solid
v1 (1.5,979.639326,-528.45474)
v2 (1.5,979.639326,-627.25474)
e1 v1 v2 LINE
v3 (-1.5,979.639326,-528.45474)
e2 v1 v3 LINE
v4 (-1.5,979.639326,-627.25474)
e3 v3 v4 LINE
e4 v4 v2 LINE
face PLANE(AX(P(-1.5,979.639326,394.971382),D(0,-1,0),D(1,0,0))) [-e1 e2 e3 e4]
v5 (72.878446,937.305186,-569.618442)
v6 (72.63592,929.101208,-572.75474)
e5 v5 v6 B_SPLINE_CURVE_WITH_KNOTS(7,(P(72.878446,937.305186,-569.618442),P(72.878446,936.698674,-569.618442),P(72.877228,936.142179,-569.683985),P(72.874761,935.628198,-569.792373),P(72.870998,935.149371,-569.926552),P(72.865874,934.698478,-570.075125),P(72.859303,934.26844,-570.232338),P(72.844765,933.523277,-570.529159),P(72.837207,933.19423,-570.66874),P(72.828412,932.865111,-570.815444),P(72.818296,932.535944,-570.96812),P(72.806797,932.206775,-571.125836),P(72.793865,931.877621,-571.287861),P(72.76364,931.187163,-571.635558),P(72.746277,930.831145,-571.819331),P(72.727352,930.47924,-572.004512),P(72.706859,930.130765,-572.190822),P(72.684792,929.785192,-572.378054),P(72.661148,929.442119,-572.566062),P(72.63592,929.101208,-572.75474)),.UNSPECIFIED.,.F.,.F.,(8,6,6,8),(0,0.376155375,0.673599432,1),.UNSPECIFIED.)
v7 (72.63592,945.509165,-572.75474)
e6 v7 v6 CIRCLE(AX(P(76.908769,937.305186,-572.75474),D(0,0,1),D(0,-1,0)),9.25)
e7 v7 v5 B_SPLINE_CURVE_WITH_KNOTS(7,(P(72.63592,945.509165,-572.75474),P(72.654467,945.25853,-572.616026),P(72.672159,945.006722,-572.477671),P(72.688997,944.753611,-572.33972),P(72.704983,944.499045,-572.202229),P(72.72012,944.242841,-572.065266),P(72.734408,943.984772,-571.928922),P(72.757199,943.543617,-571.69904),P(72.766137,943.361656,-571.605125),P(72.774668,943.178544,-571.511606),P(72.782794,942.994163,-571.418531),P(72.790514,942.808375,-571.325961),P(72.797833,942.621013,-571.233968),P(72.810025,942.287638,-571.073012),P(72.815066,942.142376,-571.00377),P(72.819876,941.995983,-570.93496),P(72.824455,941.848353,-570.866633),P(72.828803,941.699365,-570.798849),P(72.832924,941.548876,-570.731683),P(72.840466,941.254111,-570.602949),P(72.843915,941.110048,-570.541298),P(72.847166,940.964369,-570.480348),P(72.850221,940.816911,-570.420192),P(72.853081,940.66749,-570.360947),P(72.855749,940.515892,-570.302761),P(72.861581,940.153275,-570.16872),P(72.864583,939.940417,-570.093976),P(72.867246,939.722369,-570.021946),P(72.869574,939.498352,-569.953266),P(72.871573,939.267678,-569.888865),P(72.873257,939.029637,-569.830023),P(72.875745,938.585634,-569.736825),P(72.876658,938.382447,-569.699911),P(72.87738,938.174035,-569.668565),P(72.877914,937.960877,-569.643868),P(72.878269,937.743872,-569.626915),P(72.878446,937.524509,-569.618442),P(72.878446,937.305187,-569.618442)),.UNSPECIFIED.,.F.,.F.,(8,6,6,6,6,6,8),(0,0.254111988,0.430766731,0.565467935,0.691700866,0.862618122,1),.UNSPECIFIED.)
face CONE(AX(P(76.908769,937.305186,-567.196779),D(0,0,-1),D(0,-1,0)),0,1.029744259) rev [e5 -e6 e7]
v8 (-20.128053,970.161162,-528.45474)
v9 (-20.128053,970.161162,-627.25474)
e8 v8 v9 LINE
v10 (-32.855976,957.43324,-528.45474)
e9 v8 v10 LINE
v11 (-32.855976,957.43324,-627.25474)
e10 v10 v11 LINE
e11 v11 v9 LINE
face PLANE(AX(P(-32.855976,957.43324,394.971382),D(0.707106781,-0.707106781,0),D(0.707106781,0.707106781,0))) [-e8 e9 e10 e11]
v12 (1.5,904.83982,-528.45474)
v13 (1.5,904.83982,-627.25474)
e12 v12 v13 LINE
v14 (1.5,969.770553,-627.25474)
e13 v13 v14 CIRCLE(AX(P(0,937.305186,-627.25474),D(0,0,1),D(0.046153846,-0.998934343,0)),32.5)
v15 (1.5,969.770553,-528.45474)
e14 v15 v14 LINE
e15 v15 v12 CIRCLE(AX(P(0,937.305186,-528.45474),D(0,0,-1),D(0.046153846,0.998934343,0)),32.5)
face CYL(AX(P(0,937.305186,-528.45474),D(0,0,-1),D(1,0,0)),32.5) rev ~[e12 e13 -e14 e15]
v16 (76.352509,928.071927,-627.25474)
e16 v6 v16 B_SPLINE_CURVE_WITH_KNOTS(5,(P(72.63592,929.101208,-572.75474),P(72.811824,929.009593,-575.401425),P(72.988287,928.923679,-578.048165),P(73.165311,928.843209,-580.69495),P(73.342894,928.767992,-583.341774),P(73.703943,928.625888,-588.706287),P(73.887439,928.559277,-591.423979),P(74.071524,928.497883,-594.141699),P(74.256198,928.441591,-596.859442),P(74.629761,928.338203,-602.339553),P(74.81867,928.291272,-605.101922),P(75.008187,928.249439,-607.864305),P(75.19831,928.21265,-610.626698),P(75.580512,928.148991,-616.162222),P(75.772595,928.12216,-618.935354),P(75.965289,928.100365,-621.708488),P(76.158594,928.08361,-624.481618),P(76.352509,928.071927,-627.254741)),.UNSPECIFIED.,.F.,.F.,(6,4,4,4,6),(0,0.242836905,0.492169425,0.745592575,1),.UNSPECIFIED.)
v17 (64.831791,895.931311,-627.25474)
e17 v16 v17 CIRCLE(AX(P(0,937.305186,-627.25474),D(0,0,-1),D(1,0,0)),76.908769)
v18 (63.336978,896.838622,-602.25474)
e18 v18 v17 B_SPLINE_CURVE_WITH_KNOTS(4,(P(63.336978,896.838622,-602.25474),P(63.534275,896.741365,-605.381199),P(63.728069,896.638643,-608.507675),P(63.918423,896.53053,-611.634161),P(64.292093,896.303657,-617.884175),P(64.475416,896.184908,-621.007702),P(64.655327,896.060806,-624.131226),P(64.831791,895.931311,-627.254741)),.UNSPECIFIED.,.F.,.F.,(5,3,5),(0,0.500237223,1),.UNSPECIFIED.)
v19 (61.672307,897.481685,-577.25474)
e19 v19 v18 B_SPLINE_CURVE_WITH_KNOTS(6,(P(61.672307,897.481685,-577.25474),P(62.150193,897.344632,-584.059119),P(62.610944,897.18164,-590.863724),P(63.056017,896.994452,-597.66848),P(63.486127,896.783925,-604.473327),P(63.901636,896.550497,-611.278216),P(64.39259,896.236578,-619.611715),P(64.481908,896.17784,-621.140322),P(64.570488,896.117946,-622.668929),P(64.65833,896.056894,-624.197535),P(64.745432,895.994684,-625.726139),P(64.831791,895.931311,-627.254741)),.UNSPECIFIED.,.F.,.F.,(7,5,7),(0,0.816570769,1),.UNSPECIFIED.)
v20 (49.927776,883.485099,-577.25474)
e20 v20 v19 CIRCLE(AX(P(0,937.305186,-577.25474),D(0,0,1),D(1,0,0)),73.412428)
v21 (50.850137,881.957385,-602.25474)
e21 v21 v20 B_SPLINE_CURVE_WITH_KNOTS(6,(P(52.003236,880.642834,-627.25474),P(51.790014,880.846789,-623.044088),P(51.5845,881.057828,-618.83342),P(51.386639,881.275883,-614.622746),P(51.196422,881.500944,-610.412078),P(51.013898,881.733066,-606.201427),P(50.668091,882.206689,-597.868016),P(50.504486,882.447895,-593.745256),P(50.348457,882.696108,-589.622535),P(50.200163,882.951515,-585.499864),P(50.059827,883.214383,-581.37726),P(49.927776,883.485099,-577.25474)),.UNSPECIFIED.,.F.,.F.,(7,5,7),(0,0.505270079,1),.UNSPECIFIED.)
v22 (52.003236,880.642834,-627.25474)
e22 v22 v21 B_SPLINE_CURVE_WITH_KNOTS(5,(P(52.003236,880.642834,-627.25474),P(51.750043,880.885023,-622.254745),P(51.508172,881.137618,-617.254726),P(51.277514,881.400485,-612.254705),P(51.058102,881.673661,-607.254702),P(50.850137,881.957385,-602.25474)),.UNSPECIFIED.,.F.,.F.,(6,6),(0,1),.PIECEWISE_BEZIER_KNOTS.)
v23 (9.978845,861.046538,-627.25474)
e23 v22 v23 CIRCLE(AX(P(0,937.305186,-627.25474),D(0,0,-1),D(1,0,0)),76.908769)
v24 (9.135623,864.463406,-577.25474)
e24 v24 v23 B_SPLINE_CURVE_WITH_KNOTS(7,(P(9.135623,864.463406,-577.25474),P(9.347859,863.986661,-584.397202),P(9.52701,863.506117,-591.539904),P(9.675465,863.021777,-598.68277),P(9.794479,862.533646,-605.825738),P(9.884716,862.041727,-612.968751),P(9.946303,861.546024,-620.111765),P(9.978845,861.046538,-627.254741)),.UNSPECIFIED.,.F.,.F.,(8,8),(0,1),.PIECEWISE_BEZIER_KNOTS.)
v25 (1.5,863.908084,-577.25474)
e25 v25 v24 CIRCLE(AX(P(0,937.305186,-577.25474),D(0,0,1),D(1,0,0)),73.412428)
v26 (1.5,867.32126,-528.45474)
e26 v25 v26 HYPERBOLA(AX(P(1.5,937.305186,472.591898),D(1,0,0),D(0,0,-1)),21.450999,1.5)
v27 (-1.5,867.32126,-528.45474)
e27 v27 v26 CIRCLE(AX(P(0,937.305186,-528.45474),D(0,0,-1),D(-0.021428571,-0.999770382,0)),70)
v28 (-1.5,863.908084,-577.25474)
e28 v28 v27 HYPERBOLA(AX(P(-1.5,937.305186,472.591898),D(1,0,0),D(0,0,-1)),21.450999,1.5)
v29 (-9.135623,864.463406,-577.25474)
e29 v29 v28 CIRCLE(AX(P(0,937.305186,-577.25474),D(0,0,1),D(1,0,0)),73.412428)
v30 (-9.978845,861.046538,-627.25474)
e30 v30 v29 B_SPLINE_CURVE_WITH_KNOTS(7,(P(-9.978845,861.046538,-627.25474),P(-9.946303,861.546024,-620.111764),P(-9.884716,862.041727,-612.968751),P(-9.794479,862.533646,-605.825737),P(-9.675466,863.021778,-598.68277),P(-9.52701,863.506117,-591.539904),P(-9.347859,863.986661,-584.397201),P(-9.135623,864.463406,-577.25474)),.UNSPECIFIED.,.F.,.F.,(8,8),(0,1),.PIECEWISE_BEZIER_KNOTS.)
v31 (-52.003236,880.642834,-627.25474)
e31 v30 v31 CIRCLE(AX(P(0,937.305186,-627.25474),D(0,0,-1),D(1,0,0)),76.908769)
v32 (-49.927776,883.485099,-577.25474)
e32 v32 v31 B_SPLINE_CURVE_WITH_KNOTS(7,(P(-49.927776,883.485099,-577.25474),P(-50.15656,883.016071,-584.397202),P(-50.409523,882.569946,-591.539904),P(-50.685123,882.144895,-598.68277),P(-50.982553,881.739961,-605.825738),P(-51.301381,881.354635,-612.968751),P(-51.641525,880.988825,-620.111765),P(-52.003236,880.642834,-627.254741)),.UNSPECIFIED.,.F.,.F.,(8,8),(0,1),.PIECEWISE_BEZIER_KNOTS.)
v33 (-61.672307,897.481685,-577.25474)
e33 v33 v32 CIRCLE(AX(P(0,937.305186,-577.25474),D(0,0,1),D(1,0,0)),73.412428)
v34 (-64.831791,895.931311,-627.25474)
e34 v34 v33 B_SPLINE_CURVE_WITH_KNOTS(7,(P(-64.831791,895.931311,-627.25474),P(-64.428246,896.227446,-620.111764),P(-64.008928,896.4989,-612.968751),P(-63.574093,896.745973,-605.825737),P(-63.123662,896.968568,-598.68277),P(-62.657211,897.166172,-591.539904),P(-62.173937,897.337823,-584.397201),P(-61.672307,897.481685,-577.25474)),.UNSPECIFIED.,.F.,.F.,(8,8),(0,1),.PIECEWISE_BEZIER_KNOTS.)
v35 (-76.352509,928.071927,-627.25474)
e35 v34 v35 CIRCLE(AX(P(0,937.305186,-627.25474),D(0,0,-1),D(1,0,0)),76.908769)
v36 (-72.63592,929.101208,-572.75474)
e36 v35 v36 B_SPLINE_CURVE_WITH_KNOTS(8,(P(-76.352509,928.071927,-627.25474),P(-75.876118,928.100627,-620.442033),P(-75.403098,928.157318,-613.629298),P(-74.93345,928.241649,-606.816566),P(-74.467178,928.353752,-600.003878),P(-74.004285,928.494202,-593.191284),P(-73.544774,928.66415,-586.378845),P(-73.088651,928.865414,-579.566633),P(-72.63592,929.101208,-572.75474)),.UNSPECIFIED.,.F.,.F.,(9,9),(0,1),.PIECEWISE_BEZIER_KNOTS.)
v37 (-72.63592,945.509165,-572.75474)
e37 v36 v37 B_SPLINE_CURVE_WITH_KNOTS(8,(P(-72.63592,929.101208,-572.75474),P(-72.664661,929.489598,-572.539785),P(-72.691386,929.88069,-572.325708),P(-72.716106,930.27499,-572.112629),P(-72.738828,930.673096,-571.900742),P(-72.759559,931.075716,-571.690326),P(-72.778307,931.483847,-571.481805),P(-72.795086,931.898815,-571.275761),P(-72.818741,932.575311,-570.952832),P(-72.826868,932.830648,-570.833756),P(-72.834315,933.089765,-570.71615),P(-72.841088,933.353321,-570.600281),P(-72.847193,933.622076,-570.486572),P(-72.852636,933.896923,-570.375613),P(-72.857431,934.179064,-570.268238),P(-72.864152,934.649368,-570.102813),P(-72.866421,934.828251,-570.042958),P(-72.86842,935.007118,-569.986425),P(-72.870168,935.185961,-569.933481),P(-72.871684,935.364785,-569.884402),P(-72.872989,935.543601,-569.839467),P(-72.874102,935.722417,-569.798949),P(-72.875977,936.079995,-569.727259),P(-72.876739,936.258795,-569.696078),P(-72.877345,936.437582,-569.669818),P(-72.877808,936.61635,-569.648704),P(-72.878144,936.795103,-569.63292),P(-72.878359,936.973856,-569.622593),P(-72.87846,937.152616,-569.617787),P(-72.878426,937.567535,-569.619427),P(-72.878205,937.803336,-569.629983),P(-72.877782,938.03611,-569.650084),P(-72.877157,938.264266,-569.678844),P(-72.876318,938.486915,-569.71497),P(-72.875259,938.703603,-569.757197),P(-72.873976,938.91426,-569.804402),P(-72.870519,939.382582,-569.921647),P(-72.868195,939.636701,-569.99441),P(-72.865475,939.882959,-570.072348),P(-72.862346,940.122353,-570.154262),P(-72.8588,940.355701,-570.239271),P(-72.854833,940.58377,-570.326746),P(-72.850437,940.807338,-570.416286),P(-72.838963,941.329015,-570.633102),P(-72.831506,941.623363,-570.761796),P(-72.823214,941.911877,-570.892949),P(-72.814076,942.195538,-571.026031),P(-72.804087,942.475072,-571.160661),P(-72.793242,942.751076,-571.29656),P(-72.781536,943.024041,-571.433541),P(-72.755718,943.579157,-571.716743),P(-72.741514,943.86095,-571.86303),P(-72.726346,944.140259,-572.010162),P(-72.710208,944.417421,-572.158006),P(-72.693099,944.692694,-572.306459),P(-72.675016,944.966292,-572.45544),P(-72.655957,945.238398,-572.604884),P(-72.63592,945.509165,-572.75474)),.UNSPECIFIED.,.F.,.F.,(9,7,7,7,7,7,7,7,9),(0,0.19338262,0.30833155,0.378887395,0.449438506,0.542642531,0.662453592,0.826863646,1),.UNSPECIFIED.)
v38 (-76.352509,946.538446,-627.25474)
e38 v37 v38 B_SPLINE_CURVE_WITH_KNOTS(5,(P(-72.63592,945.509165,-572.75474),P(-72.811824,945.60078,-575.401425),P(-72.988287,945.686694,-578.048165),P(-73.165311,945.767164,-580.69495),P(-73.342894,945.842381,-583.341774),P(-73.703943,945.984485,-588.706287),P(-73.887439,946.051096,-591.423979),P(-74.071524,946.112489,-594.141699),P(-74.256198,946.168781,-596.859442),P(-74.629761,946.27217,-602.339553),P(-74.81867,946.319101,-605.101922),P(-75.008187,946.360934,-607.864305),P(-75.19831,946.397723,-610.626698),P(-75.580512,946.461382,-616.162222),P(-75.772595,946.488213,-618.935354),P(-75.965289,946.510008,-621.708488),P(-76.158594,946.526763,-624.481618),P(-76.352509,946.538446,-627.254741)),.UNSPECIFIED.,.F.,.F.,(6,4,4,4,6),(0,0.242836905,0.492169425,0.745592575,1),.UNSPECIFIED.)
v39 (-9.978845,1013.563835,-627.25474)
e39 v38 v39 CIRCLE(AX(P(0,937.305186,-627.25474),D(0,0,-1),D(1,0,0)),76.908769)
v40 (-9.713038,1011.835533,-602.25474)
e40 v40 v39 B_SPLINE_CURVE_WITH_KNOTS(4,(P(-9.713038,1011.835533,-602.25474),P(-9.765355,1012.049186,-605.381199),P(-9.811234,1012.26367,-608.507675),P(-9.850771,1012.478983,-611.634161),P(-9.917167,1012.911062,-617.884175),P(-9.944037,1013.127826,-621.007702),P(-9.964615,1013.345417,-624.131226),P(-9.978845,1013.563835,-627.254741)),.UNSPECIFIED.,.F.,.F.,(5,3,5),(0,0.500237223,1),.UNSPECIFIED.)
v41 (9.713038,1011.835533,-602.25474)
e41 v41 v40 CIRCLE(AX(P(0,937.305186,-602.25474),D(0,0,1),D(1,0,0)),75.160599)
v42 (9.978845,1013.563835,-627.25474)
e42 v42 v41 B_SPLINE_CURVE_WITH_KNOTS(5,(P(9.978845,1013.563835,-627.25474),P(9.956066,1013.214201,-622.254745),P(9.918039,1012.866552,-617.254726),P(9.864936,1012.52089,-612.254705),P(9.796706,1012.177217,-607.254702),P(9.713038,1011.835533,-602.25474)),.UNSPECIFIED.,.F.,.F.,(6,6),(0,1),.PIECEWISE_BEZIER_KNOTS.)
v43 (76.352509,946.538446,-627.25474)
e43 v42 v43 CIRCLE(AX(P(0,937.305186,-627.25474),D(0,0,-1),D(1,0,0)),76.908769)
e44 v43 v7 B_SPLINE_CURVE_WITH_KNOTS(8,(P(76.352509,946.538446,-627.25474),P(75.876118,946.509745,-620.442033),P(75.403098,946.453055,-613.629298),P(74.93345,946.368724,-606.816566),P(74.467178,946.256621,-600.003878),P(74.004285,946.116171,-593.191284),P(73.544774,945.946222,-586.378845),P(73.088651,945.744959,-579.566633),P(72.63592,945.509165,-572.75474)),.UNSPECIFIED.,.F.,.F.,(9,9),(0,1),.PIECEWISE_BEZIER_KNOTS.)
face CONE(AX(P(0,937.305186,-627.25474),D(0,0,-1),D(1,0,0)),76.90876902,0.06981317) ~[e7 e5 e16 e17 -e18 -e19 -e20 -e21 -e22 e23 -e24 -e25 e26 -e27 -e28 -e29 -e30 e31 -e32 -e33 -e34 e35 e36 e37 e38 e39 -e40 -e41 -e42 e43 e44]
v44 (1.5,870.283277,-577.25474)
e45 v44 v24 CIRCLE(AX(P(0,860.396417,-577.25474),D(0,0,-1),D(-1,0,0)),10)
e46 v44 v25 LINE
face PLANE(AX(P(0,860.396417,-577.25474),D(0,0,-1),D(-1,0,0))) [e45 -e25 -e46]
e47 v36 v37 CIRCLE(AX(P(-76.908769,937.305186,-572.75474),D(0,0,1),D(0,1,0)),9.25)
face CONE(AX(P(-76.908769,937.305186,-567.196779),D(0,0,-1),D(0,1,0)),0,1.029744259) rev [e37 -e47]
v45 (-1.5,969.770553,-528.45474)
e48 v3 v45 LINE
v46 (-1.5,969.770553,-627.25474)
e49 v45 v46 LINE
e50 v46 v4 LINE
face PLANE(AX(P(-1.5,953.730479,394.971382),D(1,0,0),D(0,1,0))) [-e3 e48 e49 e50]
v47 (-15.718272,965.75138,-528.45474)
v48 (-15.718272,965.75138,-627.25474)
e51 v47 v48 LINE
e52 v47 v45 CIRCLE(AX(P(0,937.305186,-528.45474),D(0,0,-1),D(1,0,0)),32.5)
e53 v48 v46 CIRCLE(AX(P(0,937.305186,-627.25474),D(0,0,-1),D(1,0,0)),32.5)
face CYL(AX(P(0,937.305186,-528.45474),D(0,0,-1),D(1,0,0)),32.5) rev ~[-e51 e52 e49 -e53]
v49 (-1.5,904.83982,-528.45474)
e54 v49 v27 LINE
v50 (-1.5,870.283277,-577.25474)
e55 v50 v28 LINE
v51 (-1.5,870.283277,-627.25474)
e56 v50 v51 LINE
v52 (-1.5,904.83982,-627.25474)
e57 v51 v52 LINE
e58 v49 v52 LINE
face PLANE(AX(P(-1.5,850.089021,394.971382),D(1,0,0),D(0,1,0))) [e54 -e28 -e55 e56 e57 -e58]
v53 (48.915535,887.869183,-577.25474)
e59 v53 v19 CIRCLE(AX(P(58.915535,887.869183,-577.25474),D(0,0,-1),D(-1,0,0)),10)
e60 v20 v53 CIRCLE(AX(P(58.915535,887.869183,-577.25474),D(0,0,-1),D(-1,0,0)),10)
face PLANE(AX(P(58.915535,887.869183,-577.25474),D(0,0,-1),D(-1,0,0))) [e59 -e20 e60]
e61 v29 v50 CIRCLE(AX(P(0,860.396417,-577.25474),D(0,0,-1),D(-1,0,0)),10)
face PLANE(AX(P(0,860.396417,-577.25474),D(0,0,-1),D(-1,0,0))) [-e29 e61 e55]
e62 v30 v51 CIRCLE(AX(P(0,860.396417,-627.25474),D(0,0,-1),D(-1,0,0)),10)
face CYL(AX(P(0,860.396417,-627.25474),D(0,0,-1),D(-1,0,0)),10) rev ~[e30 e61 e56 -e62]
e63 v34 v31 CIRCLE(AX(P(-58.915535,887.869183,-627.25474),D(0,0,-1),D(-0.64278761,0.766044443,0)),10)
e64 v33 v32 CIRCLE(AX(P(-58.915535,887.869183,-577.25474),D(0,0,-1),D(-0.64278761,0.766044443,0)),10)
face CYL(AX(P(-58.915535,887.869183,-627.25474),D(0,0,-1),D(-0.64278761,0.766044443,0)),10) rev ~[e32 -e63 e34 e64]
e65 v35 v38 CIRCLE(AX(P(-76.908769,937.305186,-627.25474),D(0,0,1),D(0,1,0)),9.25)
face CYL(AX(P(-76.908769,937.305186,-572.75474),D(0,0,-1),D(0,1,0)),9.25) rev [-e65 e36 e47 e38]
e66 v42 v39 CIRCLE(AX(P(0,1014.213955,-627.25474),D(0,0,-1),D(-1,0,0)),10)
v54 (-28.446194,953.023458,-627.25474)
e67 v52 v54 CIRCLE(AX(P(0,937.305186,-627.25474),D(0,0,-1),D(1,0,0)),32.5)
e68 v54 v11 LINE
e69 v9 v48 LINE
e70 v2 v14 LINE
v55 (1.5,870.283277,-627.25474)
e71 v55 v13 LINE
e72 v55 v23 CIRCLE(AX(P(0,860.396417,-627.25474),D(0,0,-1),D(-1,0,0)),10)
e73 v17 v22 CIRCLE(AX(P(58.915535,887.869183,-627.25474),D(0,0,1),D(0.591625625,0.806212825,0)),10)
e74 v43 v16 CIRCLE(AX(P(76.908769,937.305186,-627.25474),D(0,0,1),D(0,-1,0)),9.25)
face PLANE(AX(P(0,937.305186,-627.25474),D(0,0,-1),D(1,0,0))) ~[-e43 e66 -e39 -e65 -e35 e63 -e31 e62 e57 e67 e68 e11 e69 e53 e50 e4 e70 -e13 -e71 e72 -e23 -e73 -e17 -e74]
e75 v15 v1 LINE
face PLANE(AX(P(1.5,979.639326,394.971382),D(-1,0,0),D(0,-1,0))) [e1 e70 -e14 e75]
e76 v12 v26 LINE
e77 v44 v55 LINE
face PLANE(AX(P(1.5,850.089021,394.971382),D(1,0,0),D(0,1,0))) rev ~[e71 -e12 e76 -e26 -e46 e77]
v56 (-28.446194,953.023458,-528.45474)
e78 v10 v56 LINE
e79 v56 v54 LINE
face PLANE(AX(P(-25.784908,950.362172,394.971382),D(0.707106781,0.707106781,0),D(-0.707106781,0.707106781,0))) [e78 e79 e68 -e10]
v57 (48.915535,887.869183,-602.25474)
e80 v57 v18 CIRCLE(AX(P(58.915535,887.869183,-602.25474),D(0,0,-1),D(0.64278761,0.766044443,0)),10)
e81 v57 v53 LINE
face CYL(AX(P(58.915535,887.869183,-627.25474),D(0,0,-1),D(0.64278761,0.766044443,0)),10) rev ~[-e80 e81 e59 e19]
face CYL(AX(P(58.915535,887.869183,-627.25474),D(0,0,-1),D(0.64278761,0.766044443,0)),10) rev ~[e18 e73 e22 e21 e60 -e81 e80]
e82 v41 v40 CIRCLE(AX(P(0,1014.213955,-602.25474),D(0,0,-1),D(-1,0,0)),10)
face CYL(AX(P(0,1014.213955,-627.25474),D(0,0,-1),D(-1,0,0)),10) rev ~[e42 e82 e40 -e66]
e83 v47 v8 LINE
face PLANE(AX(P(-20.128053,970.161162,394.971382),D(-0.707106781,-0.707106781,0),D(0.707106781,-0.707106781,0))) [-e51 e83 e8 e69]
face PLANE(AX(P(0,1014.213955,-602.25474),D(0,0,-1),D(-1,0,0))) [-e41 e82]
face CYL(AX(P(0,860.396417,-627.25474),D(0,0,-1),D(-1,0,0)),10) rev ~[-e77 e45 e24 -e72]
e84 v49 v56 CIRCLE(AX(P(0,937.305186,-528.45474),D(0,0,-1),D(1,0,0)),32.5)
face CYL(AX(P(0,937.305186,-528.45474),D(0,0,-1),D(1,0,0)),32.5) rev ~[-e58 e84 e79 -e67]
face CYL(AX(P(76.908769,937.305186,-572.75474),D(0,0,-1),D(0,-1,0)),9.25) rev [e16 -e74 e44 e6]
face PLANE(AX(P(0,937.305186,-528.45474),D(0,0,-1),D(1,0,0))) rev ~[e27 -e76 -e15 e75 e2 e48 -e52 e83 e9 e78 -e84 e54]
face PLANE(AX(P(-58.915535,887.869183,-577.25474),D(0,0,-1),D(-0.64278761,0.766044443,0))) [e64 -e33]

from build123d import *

# Parameters (mm, degrees)
CIRPATTERN1_COUNT       = 2
SKETCH7_R               = 10
CUT_EXTRUDE1_DEPTH      = 25
CIRPATTERN2_COUNT       = 2
CIRPATTERN2_ANGLE       = 130
SKETCH8_R               = 10
CUT_EXTRUDE2_DEPTH      = 50
CIRPATTERN3_COUNT       = 2
CIRPATTERN3_ANGLE       = 50
CUT_EXTRUDE3_DEPTH      = 1022.226122136
CUT_EXTRUDE3_DEPTH_BACK = 1022.226122136
SKETCH9_W               = 3
SKETCH9_H               = 87.216165293
CUT_EXTRUDE4_DEPTH      = 1022.226122136
CUT_EXTRUDE4_DEPTH_BACK = 1022.226122136
SKETCH12_R              = 10
CUT_EXTRUDE6_DEPTH      = 50
CUT_EXTRUDE7_DEPTH      = 1022.226122136
CUT_EXTRUDE7_DEPTH_BACK = 1022.226122136


with BuildPart() as part:
    # Sketch1 → Revolve1 (revolve)
    with BuildSketch(Plane(origin=(0, 0, 0), x_dir=(0, 0, -1), z_dir=(1, 0, 0)), mode=Mode.PRIVATE) as revolve1_sk:
        Polygon((627.254740219, 1014.21395543), (528.454740219, 1007.30518641), (528.454740219, 969.80518641), (532.567237031, 969.80518641), (611.238311694, 969.80518641), (627.254740219, 969.80518641), align=None)
    revolve(revolve1_sk.sketch.rotate(Axis((0, 937.30518641, -528.454740219), (0, 0, -1)), 90), axis=Axis((0, 937.30518641, -528.454740219), (0, 0, -1)))

    # Sketch6 → M20x1.5 Tapped Hole1 (revolve, cut)
    with BuildSketch(Plane(origin=(-76.90876902, 937.30518641, -627.254740219), x_dir=(0, 1, 0), z_dir=(1, 0, 0))):
        Polygon((0, 0), (0, 60.057960726), (9.25, 54.5), (9.25, 0), align=None)
    m20x1_5_tapped_hole1 = revolve(axis=Axis((-76.90876902, 937.30518641, -633.604740219), (0, 0, 1)), mode=Mode.SUBTRACT)

    # CirPattern1: M20x1.5 Tapped Hole1 ×2 about axis
    cirpattern1_axis = Axis((0, 937.30518641, 0), (0, 0, 1))
    for i in range(1, CIRPATTERN1_COUNT):
        add(m20x1_5_tapped_hole1.rotate(cirpattern1_axis, i * 360 / CIRPATTERN1_COUNT), mode=Mode.SUBTRACT)

    # Sketch7 → Cut-Extrude1 (cut)
    with BuildSketch(Plane(origin=(0, 0, -627.254740219), x_dir=(-1, 0, 0), z_dir=(0, 0, -1))):
        with Locations((0, 1014.21395543)):
            Circle(SKETCH7_R)
    cut_extrude1 = extrude(amount=-CUT_EXTRUDE1_DEPTH, mode=Mode.SUBTRACT)

    # CirPattern2: Cut-Extrude1 ×2 about axis
    cirpattern2_axis = Axis((0, 937.30518641, -627.254740219), (0, 0, -1))
    for i in range(1, CIRPATTERN2_COUNT):
        add(cut_extrude1.rotate(cirpattern2_axis, i * CIRPATTERN2_ANGLE / (CIRPATTERN2_COUNT - 1)), mode=Mode.SUBTRACT)

    # Sketch8 → Cut-Extrude2 (cut)
    with BuildSketch(Plane(origin=(0, 0, -627.254740219), x_dir=(-1, 0, 0), z_dir=(0, 0, -1))):
        with Locations((0, 860.39641739)):
            Circle(SKETCH8_R)
    cut_extrude2 = extrude(amount=-CUT_EXTRUDE2_DEPTH, mode=Mode.SUBTRACT)

    # CirPattern3: Cut-Extrude2 ×2 about axis
    cirpattern3_axis = Axis((0, 937.30518641, -627.254740219), (0, 0, -1))
    for i in range(1, CIRPATTERN3_COUNT):
        add(cut_extrude2.rotate(cirpattern3_axis, i * CIRPATTERN3_ANGLE / (CIRPATTERN3_COUNT - 1)), mode=Mode.SUBTRACT)

    # Sketch9 → Cut-Extrude3 (cut, two sides: drawn at the far end of the back side and taken through both)
    with BuildSketch(Plane(origin=(0, 0, -627.254740219), x_dir=(-1, 0, 0), z_dir=(0, 0, -1)).offset(-CUT_EXTRUDE3_DEPTH_BACK)):
        with Locations((0, 893.697103764)):
            Rectangle(SKETCH9_W, SKETCH9_H)
    extrude(amount=CUT_EXTRUDE3_DEPTH + CUT_EXTRUDE3_DEPTH_BACK, mode=Mode.SUBTRACT)

    # Sketch10 → Cut-Extrude4 (cut, two sides: drawn at the far end of the back side and taken through both)
    with BuildSketch(Plane(origin=(0, 0, -627.254740219), x_dir=(-1, 0, 0), z_dir=(0, 0, -1)).offset(-CUT_EXTRUDE4_DEPTH_BACK)):
        Polygon((1.5, 957.30518641), (1.5, 979.639325832), (-1.5, 979.639325832), (-1.5, 957.30518641), (-1.5, 953.730478501), (1.5, 953.730478501), align=None)
    extrude(amount=CUT_EXTRUDE4_DEPTH + CUT_EXTRUDE4_DEPTH_BACK, mode=Mode.SUBTRACT)

    # Sketch12 → Cut-Extrude6 (cut)
    with BuildSketch(Plane(origin=(0, 0, -627.254740219), x_dir=(-1, 0, 0), z_dir=(0, 0, -1))):
        with Locations((-58.915535135, 887.869182608)):
            Circle(SKETCH12_R)
    extrude(amount=-CUT_EXTRUDE6_DEPTH, mode=Mode.SUBTRACT)

    # Sketch13 → Cut-Extrude7 (cut, two sides: drawn at the far end of the back side and taken through both)
    with BuildSketch(Plane(origin=(0, 0, -627.254740219), x_dir=(-1, 0, 0), z_dir=(0, 0, -1)).offset(-CUT_EXTRUDE7_DEPTH_BACK)):
        Polygon((13.05698563, 963.090094101), (25.784907691, 950.36217204), (32.855975503, 957.433239852), (20.128053442, 970.161161913), align=None)
    extrude(amount=CUT_EXTRUDE7_DEPTH + CUT_EXTRUDE7_DEPTH_BACK, mode=Mode.SUBTRACT)


solid = part.part
